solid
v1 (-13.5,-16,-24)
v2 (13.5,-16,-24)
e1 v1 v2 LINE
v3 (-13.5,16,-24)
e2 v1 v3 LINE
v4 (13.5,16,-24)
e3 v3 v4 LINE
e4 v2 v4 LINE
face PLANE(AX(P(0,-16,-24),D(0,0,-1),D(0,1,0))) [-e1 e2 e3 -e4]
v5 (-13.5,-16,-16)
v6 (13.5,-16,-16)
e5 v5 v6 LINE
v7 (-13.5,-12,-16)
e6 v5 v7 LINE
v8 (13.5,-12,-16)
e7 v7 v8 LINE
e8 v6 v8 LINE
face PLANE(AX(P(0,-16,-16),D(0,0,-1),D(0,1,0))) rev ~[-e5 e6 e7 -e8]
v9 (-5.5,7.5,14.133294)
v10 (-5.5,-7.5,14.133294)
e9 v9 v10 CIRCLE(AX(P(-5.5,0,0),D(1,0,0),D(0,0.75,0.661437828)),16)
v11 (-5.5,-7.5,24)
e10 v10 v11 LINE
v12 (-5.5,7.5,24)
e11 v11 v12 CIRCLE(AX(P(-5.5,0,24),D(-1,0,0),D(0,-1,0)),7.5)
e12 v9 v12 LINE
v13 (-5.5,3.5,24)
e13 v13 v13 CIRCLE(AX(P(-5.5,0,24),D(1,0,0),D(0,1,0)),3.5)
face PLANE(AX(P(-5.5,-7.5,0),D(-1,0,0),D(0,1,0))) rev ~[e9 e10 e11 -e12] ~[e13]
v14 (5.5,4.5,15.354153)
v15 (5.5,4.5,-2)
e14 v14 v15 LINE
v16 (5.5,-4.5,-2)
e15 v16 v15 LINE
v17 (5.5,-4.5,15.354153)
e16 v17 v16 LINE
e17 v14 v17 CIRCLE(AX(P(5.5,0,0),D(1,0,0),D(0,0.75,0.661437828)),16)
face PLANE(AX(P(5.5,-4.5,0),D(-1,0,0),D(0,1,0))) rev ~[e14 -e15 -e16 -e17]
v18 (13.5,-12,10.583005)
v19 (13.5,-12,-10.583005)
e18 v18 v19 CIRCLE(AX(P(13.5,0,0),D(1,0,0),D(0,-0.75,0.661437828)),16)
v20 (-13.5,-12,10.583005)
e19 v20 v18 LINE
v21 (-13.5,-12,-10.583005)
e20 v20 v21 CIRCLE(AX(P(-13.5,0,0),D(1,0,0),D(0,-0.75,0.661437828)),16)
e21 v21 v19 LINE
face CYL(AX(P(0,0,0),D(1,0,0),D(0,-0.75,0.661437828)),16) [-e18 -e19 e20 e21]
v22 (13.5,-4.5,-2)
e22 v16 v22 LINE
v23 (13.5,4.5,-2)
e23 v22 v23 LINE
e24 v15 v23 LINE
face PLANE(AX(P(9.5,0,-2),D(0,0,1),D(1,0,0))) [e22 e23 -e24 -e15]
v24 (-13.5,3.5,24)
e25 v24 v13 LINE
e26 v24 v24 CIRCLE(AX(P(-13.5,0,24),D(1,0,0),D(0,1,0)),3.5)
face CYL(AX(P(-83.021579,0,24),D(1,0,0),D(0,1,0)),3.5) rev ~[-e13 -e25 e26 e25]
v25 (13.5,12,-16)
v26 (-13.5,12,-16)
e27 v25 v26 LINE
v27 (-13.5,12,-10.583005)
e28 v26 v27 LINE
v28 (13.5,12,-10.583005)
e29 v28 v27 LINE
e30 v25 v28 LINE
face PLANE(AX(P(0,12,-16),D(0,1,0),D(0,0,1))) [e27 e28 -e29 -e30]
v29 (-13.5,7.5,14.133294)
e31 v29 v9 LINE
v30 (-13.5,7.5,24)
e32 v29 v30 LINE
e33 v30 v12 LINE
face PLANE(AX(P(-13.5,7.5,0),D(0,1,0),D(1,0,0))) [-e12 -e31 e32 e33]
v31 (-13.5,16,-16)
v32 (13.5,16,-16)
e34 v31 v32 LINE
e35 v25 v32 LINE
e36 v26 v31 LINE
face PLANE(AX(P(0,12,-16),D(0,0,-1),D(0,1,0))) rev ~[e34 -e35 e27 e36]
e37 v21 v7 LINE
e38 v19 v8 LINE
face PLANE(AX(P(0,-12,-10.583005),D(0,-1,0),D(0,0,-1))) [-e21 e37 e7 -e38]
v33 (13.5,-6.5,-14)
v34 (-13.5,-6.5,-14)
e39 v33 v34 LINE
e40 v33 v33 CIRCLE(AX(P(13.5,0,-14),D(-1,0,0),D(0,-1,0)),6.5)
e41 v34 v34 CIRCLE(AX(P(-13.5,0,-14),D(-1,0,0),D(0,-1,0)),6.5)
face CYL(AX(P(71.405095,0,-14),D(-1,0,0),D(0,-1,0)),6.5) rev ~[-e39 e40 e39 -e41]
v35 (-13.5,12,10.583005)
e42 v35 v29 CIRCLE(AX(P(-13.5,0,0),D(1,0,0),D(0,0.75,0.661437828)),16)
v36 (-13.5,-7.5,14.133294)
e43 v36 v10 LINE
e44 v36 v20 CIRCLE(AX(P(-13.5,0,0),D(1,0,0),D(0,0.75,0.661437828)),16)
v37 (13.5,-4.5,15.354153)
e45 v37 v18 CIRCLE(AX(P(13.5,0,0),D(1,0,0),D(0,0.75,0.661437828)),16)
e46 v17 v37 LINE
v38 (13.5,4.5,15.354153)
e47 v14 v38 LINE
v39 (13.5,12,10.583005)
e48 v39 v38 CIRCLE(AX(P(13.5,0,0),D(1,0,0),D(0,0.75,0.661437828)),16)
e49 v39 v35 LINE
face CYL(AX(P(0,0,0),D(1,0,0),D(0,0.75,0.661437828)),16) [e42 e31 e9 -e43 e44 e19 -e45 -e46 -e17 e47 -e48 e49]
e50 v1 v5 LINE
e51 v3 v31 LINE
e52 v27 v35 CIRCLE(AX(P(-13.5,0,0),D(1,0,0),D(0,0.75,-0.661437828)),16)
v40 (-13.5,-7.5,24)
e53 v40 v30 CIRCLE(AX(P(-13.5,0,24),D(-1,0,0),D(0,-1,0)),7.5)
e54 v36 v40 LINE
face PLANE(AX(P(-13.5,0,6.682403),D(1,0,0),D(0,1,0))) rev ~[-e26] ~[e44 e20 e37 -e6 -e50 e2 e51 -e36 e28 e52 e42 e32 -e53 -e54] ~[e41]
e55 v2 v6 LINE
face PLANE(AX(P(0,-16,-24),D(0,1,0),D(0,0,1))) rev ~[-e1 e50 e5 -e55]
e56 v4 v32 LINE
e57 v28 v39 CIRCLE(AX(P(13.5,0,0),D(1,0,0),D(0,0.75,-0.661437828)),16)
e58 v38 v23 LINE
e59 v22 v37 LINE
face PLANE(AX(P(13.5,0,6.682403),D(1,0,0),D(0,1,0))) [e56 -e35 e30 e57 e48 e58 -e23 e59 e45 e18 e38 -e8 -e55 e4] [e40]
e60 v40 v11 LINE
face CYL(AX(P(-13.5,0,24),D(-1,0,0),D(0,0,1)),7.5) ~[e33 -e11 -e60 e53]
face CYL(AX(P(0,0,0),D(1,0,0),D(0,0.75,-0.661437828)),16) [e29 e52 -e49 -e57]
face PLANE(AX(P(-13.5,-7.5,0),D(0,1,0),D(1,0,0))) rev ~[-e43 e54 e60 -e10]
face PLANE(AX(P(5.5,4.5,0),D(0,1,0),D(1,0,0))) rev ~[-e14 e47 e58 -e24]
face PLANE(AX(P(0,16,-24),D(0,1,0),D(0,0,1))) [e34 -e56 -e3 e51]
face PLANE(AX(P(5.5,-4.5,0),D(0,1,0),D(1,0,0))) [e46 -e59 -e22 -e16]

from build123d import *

# Parameters (mm, degrees)
F0_W          = 4
F0_H          = 8
F1_DEPTH      = 13.5
F3_D          = 13
F4_W          = 8
F4_H          = 9
F4_H_2        = 3
F5_DEPTH      = 31.5
F6_DEPTH      = 110
F6_DEPTH_BACK = 2
F8_D          = 7
F9_DEPTH      = 25


with BuildPart() as f1:
    # F0 (on Right) → F1 (new body, symmetric)
    with BuildSketch(Plane.YZ):
        with BuildLine():
            Line((12, 0), (12, 10.5830052443))
            ThreePointArc((12, 10.5830052443), (0, 16), (-12, 10.5830052443))
            Line((-12, 10.5830052443), (-12, 0))
            Line((-12, 0), (12, 0))
        make_face()
        with BuildLine():
            Line((12, 0), (16, 0))
            ThreePointArc((16, 0), (14.9666295471, 5.6568542495), (12, 10.5830052443))
            Line((12, 10.5830052443), (12, 0))
        make_face()
        with BuildLine():
            Line((12, -10.5830052443), (12, 0))
            Line((12, 0), (-12, 0))
            Line((-12, 0), (-12, -10.5830052443))
            ThreePointArc((-12, -10.5830052443), (-6.5830052443, -14.5830052443), (0, -16))
            ThreePointArc((0, -16), (6.5830052443, -14.5830052443), (12, -10.5830052443))
        make_face()
        with BuildLine():
            ThreePointArc((12, -10.5830052443), (14.9666295471, -5.6568542495), (16, 0))
            Line((16, 0), (12, 0))
            Line((12, 0), (12, -10.5830052443))
        make_face()
        with BuildLine():
            Line((-12, 0), (-12, 10.5830052443))
            ThreePointArc((-12, 10.5830052443), (-14.9666295471, 5.6568542495), (-16, 0))
            Line((-16, 0), (-12, 0))
        make_face()
        with BuildLine():
            Line((-12, -10.5830052443), (-12, 0))
            Line((-12, 0), (-16, 0))
            ThreePointArc((-16, 0), (-14.9666295471, -5.6568542495), (-12, -10.5830052443))
        make_face()
        with BuildLine():
            Line((-12, -16), (0, -16))
            ThreePointArc((0, -16), (-6.5830052443, -14.5830052443), (-12, -10.5830052443))
            Line((-12, -10.5830052443), (-12, -16))
        make_face()
        Polygon((12, -24), (12, -16), (0, -16), (-12, -16), (-12, -24), align=None)
        with Locations((-14, -20)):
            Rectangle(F0_W, F0_H)
        with BuildLine():
            Line((12, -16), (12, -10.5830052443))
            ThreePointArc((12, -10.5830052443), (6.5830052443, -14.5830052443), (0, -16))
            Line((0, -16), (12, -16))
        make_face()
        with Locations((14, -20)):
            Rectangle(F0_W, F0_H)
    extrude(amount=F1_DEPTH, both=True)

    # F3 (through all)
    with Locations(Plane.YZ.offset(13.5)):
        with Locations((0, -14)):
            Hole(F3_D / 2)

    # F4 (on Top) → F5 (join)
    with BuildSketch(Plane.XY):
        with Locations((-9.5, 0)):
            Rectangle(F4_W, F4_H)
        with Locations((-9.5, 6)):
            Rectangle(F4_W, F4_H_2)
        with Locations((-9.5, -6)):
            Rectangle(F4_W, F4_H_2)
    extrude(amount=F5_DEPTH)

    # F4 (on Top) → F6 (cut, two sides)
    with BuildSketch(Plane.XY) as f6_sk:
        with Locations((9.5, 0)):
            Rectangle(F4_W, F4_H)
    extrude(amount=F6_DEPTH, mode=Mode.SUBTRACT)
    extrude(f6_sk.sketch, amount=-F6_DEPTH_BACK, mode=Mode.SUBTRACT)

    # F8 (through all)
    with Locations(Plane(origin=(-13.5, 0, 0), x_dir=(0, -1, 0), z_dir=(-1, 0, 0))):
        with Locations((0, 24)):
            Hole(F8_D / 2)

    # F7 (on face) → F9 (cut)
    with BuildSketch(Plane(origin=(-13.5, 0, 0), x_dir=(0, -1, 0), z_dir=(-1, 0, 0))):
        with BuildLine():
            Line((7.5, 24), (7.5, 31.5))
            Line((7.5, 31.5), (0, 31.5))
            ThreePointArc((0, 31.5), (5.3033008589, 29.3033008589), (7.5, 24))
        make_face()
        with BuildLine():
            ThreePointArc((-7.5, 24), (-5.3033008589, 29.3033008589), (0, 31.5))
            Line((0, 31.5), (-7.5, 31.5))
            Line((-7.5, 31.5), (-7.5, 24))
        make_face()
    extrude(amount=-F9_DEPTH, mode=Mode.SUBTRACT)


solid = f1.part
